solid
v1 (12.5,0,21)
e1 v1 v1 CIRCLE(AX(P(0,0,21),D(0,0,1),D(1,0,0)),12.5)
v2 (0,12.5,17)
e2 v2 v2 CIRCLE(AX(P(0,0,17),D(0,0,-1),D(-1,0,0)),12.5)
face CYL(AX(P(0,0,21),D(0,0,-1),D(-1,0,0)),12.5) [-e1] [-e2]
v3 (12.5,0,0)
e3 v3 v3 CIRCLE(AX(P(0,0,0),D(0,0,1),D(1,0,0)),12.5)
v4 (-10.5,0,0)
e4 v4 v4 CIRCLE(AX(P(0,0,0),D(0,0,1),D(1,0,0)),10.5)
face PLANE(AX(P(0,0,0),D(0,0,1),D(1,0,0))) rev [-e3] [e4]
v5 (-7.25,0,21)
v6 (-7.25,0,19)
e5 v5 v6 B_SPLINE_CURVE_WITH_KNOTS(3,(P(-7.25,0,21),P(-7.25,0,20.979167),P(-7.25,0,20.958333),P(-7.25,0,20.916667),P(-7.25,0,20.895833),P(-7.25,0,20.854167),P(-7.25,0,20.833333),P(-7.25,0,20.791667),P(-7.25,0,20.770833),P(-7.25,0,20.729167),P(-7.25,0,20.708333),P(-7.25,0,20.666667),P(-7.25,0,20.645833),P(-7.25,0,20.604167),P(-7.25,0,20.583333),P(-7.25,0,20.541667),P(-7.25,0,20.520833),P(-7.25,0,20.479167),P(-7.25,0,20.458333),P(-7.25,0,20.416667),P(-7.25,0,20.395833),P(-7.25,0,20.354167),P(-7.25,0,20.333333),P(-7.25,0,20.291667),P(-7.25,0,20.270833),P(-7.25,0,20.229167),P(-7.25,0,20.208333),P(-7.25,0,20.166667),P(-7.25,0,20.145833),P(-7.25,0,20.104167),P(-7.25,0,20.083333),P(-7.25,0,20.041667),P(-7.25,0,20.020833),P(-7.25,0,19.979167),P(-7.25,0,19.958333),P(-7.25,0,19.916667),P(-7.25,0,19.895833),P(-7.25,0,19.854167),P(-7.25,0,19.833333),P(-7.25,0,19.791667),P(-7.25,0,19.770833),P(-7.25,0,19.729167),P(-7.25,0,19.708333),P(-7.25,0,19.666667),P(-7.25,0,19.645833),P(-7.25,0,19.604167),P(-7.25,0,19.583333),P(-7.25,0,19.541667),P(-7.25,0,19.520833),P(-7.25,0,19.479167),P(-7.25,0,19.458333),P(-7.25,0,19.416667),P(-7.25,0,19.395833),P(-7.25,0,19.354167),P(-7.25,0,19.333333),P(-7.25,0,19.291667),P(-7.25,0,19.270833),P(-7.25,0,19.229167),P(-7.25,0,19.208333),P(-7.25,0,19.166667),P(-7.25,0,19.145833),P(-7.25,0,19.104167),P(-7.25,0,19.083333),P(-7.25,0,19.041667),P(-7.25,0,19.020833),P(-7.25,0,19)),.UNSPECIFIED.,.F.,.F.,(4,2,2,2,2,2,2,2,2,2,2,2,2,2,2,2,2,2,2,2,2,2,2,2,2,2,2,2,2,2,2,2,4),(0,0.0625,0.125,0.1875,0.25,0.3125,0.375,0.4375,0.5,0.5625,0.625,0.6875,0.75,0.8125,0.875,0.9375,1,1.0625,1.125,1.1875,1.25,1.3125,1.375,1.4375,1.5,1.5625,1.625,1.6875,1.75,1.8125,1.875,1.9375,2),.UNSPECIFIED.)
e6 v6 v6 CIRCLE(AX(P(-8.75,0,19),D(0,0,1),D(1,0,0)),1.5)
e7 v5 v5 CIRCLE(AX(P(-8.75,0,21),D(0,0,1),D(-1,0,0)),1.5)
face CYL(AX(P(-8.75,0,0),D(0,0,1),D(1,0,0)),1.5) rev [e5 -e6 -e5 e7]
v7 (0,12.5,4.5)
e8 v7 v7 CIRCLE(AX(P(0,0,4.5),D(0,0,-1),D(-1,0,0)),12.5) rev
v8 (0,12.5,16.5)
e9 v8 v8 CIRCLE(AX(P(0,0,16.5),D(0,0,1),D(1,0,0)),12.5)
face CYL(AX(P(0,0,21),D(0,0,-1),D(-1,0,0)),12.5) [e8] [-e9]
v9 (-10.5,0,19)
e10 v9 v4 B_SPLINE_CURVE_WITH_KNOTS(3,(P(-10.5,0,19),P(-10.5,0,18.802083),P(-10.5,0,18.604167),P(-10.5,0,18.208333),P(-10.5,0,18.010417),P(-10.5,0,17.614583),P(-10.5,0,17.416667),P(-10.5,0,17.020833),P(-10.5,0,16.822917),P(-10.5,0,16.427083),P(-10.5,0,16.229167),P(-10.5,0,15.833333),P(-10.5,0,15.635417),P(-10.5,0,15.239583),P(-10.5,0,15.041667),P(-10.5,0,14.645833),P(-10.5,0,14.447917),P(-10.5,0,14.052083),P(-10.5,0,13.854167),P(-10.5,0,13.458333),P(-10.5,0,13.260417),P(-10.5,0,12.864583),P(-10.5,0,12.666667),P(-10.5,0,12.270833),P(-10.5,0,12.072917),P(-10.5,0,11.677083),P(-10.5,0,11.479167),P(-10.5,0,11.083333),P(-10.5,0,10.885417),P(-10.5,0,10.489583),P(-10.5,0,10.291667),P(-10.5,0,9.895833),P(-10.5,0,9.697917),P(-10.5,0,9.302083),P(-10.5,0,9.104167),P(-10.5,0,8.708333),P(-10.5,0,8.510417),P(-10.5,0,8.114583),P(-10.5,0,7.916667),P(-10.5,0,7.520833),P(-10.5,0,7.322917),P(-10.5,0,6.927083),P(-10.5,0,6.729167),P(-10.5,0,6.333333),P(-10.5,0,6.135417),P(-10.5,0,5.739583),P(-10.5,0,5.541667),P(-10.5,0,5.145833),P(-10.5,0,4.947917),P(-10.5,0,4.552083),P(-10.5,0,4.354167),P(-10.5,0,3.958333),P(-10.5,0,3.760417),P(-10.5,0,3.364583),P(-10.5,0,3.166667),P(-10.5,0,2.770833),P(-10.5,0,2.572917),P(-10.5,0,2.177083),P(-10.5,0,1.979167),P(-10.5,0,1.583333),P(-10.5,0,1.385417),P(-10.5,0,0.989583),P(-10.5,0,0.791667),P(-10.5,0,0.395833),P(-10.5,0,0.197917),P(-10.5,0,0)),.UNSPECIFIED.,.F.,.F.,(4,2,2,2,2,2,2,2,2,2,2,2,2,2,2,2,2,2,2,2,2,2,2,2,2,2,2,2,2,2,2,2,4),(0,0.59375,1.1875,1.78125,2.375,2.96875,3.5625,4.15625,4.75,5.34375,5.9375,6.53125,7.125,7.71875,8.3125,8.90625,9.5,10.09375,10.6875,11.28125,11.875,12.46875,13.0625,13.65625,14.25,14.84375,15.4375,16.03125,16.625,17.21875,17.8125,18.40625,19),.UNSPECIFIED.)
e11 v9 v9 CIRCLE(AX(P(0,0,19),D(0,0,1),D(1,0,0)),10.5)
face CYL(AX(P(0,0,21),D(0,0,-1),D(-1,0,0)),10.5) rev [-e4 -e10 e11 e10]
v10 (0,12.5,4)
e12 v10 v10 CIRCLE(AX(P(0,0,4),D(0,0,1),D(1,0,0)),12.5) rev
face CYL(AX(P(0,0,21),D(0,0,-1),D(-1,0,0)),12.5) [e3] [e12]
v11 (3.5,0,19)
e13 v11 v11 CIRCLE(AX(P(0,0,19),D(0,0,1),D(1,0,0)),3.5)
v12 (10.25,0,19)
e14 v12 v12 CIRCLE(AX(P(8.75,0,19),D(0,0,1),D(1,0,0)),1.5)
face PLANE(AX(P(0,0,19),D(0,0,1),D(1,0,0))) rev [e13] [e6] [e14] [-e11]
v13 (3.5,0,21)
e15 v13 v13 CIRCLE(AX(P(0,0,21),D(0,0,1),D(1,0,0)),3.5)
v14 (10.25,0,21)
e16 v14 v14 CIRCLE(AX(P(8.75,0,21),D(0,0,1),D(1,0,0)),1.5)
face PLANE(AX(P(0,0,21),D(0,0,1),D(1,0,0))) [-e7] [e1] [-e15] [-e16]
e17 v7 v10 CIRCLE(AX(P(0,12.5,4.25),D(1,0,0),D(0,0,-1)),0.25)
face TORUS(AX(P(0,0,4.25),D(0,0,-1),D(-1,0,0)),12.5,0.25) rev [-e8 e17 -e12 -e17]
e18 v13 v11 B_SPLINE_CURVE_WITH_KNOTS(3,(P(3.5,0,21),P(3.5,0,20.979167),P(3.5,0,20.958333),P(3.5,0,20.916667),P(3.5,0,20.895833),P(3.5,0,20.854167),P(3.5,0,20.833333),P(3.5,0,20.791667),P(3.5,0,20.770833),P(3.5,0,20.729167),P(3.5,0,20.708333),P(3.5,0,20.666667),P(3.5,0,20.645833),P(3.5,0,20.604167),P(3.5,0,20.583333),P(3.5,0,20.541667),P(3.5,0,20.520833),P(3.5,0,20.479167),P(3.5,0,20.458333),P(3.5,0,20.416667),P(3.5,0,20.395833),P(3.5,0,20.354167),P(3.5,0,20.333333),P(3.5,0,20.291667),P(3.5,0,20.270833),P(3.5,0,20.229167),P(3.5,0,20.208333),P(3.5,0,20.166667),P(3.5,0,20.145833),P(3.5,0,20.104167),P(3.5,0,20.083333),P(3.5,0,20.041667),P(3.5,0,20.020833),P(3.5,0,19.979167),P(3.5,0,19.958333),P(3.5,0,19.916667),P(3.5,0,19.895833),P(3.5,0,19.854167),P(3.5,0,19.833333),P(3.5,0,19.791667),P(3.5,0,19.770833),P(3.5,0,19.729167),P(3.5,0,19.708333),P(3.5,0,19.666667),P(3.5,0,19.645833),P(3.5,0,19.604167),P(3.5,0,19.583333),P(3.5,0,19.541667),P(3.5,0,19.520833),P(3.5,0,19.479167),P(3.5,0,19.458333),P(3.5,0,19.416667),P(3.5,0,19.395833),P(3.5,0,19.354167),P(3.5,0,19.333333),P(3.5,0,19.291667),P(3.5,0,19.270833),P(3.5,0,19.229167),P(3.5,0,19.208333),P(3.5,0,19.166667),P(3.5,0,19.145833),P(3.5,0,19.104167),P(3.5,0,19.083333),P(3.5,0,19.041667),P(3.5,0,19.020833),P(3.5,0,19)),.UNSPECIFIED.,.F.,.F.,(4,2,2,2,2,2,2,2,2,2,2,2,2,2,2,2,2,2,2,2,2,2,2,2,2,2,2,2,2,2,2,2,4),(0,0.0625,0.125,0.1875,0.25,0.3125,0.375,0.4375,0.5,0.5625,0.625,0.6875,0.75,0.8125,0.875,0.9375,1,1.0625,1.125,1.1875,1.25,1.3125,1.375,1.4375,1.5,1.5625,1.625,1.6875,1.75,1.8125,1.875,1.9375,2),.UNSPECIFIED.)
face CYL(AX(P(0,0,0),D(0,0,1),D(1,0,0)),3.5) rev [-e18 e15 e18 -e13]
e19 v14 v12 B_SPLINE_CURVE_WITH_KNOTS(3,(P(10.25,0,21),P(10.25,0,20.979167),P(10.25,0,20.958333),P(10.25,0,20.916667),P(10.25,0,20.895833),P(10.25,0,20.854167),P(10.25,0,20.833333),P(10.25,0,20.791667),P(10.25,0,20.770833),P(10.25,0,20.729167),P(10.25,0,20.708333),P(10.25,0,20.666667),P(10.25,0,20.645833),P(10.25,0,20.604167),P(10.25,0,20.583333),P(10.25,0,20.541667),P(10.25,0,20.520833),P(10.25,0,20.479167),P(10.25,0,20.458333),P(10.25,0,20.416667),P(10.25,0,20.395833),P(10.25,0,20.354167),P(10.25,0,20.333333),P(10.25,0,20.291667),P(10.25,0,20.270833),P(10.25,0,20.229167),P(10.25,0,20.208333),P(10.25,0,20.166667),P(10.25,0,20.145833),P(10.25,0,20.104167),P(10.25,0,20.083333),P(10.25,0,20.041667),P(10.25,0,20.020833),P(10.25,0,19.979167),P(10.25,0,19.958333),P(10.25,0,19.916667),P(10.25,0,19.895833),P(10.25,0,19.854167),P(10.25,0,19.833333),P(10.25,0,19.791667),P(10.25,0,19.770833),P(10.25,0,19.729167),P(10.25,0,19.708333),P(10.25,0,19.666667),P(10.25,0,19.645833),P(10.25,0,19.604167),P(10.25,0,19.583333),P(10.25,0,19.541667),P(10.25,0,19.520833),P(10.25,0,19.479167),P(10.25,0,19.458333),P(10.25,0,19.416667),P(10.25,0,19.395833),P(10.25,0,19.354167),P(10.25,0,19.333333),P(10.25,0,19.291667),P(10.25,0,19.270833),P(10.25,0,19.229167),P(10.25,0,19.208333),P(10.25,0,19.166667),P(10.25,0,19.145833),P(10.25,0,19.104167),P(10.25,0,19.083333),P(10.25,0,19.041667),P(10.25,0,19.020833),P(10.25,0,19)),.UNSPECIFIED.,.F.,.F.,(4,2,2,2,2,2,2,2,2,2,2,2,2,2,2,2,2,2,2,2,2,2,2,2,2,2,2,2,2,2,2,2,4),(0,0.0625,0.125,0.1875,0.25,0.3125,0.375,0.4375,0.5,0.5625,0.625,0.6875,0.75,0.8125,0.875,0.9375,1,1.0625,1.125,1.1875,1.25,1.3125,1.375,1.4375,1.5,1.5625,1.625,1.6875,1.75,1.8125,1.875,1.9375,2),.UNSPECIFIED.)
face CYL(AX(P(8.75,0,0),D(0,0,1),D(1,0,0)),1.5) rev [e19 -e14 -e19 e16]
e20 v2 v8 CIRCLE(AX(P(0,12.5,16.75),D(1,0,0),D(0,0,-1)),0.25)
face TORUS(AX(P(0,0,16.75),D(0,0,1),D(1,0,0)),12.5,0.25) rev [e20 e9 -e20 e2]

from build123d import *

# Parameters (mm, degrees)
SKETCH1_R           = 12.5
BOSS_EXTRUDE1_DEPTH = 21
SHELL1_T            = -2
SKETCH3_R           = 3.5
CUT_EXTRUDE1_DEPTH  = 28.449954463
SKETCH4_R           = 1.5
CUT_EXTRUDE2_DEPTH  = 28.449954463
SKETCH9_R           = 0.25
SKETCH8_R           = 0.25


with BuildPart() as part:
    # Sketch1 → Boss-Extrude1 (new body)
    with BuildSketch(Plane.XY):
        with Locations(Location((0, 0, 0), (0, 0, 180))):
            Circle(SKETCH1_R)
    extrude(amount=BOSS_EXTRUDE1_DEPTH)

    # Shell1
    shell1_openings = [part.faces().sort_by_distance(p)[0] for p in [
        (0, 0, 0),
    ]]
    offset(amount=SHELL1_T, openings=shell1_openings, kind=Kind.INTERSECTION)

    # Sketch3 → Cut-Extrude1 (cut, through all)
    with BuildSketch(Plane.XY.offset(21)):
        Circle(SKETCH3_R)
    extrude(amount=-CUT_EXTRUDE1_DEPTH, mode=Mode.SUBTRACT)

    # Sketch4 → Cut-Extrude2 (cut, through all)
    with BuildSketch(Plane.XY.offset(21)):
        with Locations((8.75, 0)):
            Circle(SKETCH4_R)
        with Locations((-8.75, 0)):
            Circle(SKETCH4_R)
    extrude(amount=-CUT_EXTRUDE2_DEPTH, mode=Mode.SUBTRACT)

    # Cut-Sweep1: sweep along a path in Sketch6
    with BuildLine(Plane.XY.offset(16.75)) as cut_sweep1_path:
        CenterArc((0, 0), 12.5, 0, 360)
    # Sketch9 → Cut-Sweep1 (sweep, cut)
    with BuildSketch(Plane(origin=(0, 0, 0), x_dir=(0, 0, -1), z_dir=(1, 0, 0))):
        with Locations((-16.75, 12.5)):
            Circle(SKETCH9_R)
    sweep(path=cut_sweep1_path.line, mode=Mode.SUBTRACT)

    # Cut-Sweep2: sweep along a path in Sketch7
    with BuildLine(Plane(origin=(0, 0, 4.25), x_dir=(-1, 0, 0), z_dir=(0, 0, -1))) as cut_sweep2_path:
        CenterArc((0, 0), 12.5, 0, 360)
    # Sketch8 → Cut-Sweep2 (sweep, cut)
    with BuildSketch(Plane(origin=(0, 0, 0), x_dir=(0, 0, -1), z_dir=(1, 0, 0))):
        with Locations((-4.25, 12.5)):
            Circle(SKETCH8_R)
    sweep(path=cut_sweep2_path.line, mode=Mode.SUBTRACT)


solid = part.part
